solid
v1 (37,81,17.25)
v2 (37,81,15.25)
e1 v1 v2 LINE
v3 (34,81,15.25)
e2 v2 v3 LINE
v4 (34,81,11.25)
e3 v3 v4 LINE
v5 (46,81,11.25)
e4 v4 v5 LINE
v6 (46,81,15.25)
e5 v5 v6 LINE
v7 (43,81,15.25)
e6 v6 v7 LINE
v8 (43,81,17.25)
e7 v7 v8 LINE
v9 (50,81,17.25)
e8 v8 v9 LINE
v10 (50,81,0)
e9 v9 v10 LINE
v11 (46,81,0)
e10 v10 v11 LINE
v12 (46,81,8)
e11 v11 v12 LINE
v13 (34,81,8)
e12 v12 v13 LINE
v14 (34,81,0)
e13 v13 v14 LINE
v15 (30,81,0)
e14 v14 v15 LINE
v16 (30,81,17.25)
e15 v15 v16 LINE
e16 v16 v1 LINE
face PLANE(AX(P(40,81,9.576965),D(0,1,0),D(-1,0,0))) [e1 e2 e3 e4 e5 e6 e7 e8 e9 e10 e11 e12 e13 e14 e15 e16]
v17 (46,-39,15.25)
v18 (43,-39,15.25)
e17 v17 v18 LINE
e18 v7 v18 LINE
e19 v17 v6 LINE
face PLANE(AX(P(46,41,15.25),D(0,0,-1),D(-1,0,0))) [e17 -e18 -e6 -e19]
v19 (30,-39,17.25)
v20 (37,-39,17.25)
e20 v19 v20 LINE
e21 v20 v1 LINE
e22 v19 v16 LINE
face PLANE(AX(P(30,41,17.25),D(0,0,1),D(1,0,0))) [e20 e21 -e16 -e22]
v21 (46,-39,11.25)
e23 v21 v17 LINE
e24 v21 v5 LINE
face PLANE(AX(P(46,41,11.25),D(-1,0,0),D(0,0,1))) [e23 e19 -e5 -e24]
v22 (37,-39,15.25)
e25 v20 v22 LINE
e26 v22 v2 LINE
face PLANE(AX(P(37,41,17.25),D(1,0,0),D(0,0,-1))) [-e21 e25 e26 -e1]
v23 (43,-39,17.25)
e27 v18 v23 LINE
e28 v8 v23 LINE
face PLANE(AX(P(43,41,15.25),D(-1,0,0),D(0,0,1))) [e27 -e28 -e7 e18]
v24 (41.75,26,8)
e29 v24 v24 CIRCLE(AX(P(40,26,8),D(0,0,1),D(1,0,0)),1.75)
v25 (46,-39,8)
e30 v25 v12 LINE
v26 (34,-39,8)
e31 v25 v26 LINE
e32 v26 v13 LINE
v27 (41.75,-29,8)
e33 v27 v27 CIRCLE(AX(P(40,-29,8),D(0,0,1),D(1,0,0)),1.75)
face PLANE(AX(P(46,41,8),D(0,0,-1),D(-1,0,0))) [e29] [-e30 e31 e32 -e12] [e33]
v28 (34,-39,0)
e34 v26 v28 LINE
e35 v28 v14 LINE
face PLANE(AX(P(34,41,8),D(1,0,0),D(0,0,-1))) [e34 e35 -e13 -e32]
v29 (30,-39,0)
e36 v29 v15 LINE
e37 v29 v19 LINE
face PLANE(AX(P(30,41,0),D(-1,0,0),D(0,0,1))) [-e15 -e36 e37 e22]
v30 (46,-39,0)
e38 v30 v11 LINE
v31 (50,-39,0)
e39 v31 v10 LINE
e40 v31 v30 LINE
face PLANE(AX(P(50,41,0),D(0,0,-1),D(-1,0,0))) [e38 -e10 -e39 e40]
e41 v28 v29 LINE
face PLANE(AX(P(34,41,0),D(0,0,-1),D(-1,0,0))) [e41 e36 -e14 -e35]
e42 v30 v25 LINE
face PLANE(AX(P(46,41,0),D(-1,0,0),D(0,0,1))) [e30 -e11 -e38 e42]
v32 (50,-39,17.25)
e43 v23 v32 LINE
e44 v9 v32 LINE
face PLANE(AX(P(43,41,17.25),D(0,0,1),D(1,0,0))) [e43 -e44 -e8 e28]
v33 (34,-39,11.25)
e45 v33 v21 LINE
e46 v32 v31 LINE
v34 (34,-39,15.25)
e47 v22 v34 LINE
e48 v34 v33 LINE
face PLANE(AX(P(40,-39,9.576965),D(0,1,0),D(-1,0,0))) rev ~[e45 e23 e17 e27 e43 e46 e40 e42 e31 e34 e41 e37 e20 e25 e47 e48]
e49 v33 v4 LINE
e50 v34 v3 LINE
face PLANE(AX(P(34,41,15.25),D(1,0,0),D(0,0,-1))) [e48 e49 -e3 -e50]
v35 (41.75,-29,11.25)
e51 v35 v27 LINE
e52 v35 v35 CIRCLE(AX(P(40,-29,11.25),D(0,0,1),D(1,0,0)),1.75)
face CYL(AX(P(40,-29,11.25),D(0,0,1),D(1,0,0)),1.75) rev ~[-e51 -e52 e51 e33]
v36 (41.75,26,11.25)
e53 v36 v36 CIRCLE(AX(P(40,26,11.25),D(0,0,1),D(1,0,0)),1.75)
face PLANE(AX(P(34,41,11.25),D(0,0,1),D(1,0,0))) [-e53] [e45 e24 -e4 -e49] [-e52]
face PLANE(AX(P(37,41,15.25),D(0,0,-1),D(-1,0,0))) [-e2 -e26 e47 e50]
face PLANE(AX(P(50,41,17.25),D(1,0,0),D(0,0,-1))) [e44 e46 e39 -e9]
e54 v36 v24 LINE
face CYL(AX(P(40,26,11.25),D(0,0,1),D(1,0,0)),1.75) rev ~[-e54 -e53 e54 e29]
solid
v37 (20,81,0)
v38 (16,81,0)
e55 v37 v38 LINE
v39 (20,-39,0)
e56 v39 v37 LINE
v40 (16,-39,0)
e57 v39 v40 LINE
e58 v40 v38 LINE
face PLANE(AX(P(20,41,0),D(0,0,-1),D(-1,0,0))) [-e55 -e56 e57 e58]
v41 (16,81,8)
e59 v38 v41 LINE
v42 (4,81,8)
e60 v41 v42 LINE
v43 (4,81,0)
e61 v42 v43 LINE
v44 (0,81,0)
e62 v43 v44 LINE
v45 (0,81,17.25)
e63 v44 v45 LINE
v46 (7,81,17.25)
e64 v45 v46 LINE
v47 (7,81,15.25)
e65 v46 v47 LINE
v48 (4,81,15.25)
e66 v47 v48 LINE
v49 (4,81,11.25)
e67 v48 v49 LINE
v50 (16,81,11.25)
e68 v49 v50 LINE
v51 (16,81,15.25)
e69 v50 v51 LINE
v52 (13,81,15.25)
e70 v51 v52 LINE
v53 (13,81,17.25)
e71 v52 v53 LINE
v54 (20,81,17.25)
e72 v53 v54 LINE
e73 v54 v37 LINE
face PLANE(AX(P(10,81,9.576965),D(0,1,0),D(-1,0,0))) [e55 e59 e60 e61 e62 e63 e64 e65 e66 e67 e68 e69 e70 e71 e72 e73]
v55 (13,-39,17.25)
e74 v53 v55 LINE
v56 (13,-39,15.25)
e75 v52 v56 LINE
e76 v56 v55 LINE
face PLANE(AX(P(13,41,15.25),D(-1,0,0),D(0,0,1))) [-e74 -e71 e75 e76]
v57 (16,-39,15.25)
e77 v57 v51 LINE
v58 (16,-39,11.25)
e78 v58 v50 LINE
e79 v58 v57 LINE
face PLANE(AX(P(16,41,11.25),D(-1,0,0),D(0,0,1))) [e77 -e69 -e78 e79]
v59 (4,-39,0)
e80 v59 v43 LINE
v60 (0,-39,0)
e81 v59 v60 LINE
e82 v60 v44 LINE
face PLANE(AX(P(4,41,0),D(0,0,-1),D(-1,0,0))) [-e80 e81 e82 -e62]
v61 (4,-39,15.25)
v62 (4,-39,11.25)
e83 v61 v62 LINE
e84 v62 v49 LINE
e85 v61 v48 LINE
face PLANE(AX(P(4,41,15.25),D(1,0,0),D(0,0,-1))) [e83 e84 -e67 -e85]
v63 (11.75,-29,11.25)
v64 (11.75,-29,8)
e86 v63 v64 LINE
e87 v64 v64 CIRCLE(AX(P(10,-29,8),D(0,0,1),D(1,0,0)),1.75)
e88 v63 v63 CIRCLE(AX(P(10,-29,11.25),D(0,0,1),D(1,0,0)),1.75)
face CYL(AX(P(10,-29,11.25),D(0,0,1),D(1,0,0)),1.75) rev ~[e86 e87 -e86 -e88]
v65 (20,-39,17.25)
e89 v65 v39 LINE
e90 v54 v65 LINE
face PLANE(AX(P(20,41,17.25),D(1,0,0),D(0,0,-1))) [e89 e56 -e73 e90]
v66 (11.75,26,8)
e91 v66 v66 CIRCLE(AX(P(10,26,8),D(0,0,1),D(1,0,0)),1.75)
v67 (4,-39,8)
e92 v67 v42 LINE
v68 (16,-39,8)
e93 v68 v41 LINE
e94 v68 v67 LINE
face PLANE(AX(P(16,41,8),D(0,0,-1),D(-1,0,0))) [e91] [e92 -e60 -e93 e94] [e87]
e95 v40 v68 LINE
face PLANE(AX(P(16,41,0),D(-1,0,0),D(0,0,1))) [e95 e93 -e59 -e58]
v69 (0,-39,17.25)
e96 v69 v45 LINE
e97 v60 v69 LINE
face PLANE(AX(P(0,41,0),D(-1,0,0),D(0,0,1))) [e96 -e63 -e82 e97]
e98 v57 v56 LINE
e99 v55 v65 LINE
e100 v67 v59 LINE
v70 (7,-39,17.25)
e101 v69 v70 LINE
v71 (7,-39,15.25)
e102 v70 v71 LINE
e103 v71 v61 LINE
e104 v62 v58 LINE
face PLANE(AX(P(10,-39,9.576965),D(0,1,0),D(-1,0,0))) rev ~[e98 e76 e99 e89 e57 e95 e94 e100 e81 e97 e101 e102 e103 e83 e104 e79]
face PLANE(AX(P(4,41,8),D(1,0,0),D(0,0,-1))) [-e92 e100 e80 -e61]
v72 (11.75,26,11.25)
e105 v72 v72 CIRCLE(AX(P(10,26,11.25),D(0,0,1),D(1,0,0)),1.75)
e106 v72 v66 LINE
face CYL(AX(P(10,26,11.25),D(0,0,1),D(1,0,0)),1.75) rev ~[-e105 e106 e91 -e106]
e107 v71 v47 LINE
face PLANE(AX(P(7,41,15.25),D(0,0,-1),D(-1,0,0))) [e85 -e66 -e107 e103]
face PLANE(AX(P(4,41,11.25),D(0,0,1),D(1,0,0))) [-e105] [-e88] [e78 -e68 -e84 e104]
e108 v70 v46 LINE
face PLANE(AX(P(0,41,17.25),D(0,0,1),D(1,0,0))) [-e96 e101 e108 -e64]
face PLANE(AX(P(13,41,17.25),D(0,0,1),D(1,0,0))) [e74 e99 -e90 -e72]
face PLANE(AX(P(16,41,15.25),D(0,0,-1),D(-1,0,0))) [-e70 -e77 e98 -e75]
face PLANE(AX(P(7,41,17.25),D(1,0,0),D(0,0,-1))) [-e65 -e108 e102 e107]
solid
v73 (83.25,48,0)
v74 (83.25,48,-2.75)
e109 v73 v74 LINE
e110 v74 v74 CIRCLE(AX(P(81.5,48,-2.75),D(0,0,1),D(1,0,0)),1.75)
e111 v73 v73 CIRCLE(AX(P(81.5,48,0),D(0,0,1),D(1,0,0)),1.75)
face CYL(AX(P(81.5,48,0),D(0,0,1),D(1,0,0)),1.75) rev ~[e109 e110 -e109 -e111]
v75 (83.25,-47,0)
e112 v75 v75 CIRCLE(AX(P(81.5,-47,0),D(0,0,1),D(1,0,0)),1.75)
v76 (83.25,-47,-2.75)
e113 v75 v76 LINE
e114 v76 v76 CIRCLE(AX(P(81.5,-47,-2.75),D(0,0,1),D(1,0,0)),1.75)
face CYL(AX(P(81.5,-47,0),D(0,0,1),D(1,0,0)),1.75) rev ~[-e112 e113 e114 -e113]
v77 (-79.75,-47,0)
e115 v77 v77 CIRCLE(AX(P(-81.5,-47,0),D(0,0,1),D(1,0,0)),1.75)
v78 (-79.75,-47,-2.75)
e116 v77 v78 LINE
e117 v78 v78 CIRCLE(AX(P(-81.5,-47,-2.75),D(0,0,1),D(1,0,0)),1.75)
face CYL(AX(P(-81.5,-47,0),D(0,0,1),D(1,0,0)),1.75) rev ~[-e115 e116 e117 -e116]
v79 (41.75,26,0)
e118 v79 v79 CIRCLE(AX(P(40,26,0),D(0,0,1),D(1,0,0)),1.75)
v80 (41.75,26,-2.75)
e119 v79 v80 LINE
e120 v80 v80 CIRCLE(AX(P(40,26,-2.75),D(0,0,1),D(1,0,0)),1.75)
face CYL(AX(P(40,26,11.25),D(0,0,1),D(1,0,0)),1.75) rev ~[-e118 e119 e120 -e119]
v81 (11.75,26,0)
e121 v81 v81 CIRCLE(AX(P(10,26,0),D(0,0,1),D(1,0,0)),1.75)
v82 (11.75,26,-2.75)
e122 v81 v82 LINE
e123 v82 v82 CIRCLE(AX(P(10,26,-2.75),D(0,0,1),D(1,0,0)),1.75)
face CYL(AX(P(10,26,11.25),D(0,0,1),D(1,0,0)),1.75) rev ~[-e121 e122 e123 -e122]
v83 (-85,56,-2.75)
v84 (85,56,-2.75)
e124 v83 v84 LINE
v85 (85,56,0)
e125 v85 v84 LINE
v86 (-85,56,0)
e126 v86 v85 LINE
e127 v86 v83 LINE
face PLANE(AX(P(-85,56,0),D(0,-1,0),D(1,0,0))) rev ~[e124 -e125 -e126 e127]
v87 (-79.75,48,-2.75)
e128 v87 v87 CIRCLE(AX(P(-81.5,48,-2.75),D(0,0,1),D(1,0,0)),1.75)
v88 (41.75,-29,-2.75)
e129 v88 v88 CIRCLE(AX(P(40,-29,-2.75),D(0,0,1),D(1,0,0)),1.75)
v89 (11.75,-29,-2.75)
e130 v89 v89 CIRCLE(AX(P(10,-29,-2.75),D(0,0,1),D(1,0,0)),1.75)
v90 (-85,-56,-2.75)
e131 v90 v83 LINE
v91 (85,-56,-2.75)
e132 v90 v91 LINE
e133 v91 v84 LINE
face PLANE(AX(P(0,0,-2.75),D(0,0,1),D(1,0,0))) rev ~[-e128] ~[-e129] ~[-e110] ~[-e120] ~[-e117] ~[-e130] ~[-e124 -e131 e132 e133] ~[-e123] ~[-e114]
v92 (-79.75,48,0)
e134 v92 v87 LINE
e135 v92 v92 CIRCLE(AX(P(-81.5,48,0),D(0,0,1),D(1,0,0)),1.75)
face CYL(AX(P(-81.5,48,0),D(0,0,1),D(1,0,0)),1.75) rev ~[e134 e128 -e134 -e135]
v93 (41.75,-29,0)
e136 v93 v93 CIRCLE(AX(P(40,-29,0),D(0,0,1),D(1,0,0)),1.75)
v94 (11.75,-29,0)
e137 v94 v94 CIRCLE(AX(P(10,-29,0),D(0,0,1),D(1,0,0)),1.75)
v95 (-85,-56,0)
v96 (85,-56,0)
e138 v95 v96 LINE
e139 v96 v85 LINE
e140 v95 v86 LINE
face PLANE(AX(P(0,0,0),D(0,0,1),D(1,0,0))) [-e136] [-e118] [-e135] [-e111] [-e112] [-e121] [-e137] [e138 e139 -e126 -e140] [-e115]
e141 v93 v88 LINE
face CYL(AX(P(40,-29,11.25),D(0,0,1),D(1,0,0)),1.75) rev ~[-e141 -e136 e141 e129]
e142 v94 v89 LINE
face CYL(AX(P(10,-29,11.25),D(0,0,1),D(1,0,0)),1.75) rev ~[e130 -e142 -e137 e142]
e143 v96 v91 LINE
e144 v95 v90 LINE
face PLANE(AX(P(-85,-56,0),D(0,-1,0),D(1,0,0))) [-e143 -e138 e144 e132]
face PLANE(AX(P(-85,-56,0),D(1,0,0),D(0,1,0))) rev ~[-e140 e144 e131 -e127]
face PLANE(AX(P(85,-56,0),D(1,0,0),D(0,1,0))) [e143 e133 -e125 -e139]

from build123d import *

# Parameters (mm, degrees)
F0_W          = 170
F0_H          = 112
F1_DEPTH      = 2.75
F2_R          = 1.75
F3_DEPTH      = 2.75
F5_DEPTH      = 40
F5_DEPTH_BACK = 80
F6_R          = 1.75
F8_DEPTH      = 14.001


with BuildPart() as f1:
    # F0 (on Top) → F1 (new body)
    with BuildSketch(Plane.XY):
        Rectangle(F0_W, F0_H)
    extrude(amount=-F1_DEPTH)

    # F2 (on face) → F3 (cut, through all)
    with BuildSketch(Plane.XY):
        with Locations((-81.5, 48)):
            Circle(F2_R)
        with Locations((-81.5, -47)):
            Circle(F2_R)
        with Locations((81.5, 48)):
            Circle(F2_R)
        with Locations((81.5, -47)):
            Circle(F2_R)
    extrude(amount=-F3_DEPTH, mode=Mode.SUBTRACT)


with BuildPart() as f5:
    # F4 (on face) → F5 (new body, two sides)
    with BuildSketch(Plane(origin=(0, 56, 0), x_dir=(-1, 0, 0), z_dir=(0, 1, 0))) as f5_sk:
        Polygon((-50, 17.25), (-50, 0), (-46, 0), (-46, 8), (-34, 8), (-34, 0), (-30, 0), (-30, 17.25), (-37, 17.25), (-37, 15.25), (-34, 15.25), (-34, 11.25), (-46, 11.25), (-46, 15.25), (-43, 15.25), (-43, 17.25), align=None)
        Polygon((-20, 17.25), (-20, 0), (-16, 0), (-16, 8), (-4, 8), (-4, 0), (0, 0), (0, 17.25), (-7, 17.25), (-7, 15.25), (-4, 15.25), (-4, 11.25), (-16, 11.25), (-16, 15.25), (-13, 15.25), (-13, 17.25), align=None)
    extrude(amount=F5_DEPTH)
    extrude(f5_sk.sketch, amount=-F5_DEPTH_BACK)


with BuildPart() as f5_1:
    # F7: moved
    add(f5.part.moved(Location((0, -15, 0))))


with BuildPart() as f8_tool:
    # F6 (on face) → F8 (new body, through all)
    with BuildSketch(Plane.XY.offset(11.25)):
        with Locations((10, -29)):
            Circle(F6_R)
        with Locations((40, -29)):
            Circle(F6_R)
        with Locations((40, 26)):
            Circle(F6_R)
        with Locations((10, 26)):
            Circle(F6_R)
    extrude(amount=-F8_DEPTH)


with BuildPart() as f1_1:
    add(f1.part)

    # F8: cut by f8_tool
    add(f8_tool.part, mode=Mode.SUBTRACT)


with BuildPart() as f5_2:
    add(f5_1.part)

    # F8: cut by f8_tool
    add(f8_tool.part, mode=Mode.SUBTRACT)


solid = Compound([f1_1.part, f5_2.part])
